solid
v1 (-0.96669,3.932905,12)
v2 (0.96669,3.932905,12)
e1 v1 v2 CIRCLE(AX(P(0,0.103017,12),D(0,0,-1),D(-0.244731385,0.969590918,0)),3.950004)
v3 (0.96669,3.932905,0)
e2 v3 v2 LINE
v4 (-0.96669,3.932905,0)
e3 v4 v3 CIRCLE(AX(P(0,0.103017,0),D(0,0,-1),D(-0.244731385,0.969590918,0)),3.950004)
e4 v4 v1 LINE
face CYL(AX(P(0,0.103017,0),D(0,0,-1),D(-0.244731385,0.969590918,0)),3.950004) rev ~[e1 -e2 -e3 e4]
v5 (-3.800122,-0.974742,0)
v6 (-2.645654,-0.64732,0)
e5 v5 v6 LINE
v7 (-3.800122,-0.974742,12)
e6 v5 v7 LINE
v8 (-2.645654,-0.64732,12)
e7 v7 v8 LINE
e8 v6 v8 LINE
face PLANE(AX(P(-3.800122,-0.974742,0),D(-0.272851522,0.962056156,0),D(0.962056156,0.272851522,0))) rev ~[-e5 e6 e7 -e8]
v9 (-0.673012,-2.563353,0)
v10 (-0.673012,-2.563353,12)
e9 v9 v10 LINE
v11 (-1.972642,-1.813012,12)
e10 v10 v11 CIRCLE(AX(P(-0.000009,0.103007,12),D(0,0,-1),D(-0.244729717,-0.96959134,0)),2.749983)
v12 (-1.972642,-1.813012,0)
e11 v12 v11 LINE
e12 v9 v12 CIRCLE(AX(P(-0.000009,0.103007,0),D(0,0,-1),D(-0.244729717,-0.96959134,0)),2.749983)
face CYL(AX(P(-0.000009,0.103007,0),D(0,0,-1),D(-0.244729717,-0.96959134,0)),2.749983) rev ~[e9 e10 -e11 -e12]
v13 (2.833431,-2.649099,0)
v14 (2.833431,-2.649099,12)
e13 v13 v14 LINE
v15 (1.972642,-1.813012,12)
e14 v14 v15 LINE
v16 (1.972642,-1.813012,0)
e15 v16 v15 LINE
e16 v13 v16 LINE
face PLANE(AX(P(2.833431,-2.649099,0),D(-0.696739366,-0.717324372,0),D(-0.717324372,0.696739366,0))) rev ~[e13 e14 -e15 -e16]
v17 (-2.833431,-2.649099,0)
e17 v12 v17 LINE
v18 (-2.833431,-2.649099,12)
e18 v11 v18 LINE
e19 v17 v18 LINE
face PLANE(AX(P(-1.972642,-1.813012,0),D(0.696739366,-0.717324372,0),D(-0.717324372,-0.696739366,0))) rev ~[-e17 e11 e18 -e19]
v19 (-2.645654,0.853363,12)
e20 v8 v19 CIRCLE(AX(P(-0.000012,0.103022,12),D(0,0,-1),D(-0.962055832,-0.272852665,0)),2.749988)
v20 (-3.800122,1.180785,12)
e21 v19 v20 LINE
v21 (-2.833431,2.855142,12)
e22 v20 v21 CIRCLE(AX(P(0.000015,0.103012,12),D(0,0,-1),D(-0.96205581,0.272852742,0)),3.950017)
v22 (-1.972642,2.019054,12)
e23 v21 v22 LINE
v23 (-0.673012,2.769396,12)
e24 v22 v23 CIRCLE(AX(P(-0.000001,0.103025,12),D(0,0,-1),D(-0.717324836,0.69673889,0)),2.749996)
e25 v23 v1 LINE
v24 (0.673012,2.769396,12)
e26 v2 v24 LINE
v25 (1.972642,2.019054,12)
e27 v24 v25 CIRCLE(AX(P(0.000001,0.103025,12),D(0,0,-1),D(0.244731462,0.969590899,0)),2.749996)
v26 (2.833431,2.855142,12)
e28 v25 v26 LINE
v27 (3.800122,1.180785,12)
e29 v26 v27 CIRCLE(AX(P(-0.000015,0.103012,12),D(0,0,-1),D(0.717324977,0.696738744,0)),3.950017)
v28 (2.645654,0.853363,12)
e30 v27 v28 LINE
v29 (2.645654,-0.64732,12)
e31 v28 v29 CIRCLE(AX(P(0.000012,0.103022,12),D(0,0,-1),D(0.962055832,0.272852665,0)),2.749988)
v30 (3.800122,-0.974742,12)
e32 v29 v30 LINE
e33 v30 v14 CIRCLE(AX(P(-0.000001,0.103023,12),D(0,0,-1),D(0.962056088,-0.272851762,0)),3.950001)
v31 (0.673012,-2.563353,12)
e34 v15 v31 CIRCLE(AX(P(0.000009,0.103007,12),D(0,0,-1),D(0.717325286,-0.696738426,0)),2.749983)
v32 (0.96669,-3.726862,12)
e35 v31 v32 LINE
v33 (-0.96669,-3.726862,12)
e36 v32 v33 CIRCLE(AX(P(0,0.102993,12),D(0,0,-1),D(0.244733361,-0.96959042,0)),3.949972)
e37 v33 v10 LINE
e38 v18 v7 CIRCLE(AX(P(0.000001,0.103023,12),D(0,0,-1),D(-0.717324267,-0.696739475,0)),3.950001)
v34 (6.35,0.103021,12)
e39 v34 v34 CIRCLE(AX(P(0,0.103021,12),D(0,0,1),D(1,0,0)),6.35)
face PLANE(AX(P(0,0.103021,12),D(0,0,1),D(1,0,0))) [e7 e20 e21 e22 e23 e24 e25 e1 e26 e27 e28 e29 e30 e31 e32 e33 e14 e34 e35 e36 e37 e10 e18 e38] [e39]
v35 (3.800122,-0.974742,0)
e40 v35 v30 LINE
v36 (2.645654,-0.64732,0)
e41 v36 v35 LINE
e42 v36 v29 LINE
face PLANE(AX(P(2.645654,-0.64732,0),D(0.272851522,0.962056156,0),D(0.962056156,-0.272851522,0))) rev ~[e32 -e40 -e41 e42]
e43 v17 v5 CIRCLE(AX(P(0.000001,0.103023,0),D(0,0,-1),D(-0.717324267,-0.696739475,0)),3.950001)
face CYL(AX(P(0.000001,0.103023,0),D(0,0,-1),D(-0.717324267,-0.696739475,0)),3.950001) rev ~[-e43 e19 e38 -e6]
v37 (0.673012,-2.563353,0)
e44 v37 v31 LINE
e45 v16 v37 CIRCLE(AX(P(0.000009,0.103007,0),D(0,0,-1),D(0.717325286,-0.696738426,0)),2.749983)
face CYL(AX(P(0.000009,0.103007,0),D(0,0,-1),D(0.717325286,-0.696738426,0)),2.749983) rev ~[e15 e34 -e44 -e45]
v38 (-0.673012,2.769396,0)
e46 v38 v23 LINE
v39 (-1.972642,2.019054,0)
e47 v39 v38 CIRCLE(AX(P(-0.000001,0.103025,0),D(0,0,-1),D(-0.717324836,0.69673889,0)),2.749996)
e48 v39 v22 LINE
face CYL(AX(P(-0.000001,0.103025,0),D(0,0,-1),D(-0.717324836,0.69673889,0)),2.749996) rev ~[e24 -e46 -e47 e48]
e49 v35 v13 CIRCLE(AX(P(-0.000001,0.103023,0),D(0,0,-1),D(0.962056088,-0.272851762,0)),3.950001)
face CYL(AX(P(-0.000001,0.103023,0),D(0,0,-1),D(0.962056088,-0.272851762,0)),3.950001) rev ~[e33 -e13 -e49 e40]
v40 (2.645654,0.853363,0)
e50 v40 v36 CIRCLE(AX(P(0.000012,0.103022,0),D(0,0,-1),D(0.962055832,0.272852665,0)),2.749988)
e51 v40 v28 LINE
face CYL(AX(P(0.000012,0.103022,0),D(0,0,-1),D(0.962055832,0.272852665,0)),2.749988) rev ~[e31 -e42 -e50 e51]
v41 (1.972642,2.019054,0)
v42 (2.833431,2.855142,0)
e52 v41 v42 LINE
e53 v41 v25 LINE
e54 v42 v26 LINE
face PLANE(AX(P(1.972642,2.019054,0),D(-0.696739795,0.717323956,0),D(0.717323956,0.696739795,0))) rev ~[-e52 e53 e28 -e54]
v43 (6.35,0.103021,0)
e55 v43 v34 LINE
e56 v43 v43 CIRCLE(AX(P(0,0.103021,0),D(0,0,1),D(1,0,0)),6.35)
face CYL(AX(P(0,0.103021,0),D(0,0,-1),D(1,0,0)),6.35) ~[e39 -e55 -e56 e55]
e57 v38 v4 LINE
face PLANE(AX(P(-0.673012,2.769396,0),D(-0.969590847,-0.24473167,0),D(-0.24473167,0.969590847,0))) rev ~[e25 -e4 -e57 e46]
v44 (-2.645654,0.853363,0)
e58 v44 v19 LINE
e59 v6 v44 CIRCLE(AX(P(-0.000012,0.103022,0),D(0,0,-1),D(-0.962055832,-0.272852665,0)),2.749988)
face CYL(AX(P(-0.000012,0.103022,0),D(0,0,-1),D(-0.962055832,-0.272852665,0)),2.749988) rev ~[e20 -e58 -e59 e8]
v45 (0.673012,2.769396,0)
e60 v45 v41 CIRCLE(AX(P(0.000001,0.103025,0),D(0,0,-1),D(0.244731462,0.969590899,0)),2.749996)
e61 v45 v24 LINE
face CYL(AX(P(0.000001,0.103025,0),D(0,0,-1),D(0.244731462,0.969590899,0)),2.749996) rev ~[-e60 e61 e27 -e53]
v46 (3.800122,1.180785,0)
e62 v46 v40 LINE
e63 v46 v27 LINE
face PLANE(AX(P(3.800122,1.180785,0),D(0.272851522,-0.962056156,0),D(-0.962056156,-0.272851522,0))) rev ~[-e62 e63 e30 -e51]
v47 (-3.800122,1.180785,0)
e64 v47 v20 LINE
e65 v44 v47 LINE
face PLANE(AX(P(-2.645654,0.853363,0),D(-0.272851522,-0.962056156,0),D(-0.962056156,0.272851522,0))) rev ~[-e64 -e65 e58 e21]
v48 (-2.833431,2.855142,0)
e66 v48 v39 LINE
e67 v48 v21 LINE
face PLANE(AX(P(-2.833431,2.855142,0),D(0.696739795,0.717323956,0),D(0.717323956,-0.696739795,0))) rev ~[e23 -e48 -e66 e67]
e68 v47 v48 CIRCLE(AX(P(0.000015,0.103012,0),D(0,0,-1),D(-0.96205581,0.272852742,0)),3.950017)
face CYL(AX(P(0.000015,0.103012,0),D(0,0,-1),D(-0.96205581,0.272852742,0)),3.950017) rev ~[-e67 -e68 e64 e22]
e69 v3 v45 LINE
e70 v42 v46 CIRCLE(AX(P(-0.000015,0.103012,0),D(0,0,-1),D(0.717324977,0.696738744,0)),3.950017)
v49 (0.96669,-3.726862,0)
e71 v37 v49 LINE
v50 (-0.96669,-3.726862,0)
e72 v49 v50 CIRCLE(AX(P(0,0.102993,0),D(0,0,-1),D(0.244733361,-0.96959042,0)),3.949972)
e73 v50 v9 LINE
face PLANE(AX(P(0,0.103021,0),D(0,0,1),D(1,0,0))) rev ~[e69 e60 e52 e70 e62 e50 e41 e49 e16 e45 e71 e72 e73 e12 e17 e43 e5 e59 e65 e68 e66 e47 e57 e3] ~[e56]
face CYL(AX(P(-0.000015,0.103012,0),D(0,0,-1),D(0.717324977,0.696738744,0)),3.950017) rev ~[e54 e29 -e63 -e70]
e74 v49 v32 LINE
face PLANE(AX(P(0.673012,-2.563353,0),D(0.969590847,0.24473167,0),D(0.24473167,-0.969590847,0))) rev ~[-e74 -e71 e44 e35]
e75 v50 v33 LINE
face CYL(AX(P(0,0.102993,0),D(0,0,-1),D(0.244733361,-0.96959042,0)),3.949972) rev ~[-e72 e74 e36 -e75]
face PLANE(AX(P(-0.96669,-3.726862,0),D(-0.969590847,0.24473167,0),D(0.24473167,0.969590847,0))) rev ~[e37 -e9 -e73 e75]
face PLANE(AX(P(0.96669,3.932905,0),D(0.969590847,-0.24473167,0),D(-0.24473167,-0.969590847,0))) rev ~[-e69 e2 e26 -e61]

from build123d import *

# Parameters (mm, degrees)
F0_R     = 6.35
F1_DEPTH = 12


with BuildPart() as f1:
    # F0 (on Top) → F1 (new body)
    with BuildSketch(Plane.XY):
        with Locations((0, 0.103021)):
            Circle(F0_R)
        with BuildLine():
            ThreePointArc((-2.645654, -0.64732), (-2.75, 0.103021), (-2.645654, 0.853363))
            Line((-2.645654, 0.853363), (-3.800122, 1.180785))
            ThreePointArc((-3.800122, 1.180785), (-3.4208, 2.078021), (-2.833431, 2.855142))
            Line((-2.833431, 2.855142), (-1.972642, 2.019054))
            ThreePointArc((-1.972642, 2.019054), (-1.375, 2.484591), (-0.673012, 2.769396))
            Line((-0.673012, 2.769396), (-0.96669, 3.932905))
            ThreePointArc((-0.96669, 3.932905), (0, 4.053021), (0.96669, 3.932905))
            Line((0.96669, 3.932905), (0.673012, 2.769396))
            ThreePointArc((0.673012, 2.769396), (1.375, 2.484591), (1.972642, 2.019054))
            Line((1.972642, 2.019054), (2.833431, 2.855142))
            ThreePointArc((2.833431, 2.855142), (3.4208, 2.078021), (3.800122, 1.180785))
            Line((3.800122, 1.180785), (2.645654, 0.853363))
            ThreePointArc((2.645654, 0.853363), (2.75, 0.103021), (2.645654, -0.64732))
            Line((2.645654, -0.64732), (3.800122, -0.974742))
            ThreePointArc((3.800122, -0.974742), (3.4208, -1.871979), (2.833431, -2.649099))
            Line((2.833431, -2.649099), (1.972642, -1.813012))
            ThreePointArc((1.972642, -1.813012), (1.375, -2.278549), (0.673012, -2.563353))
            Line((0.673012, -2.563353), (0.96669, -3.726862))
            ThreePointArc((0.96669, -3.726862), (0, -3.846979), (-0.96669, -3.726862))
            Line((-0.96669, -3.726862), (-0.673012, -2.563353))
            ThreePointArc((-0.673012, -2.563353), (-1.375, -2.278549), (-1.972642, -1.813012))
            Line((-1.972642, -1.813012), (-2.833431, -2.649099))
            ThreePointArc((-2.833431, -2.649099), (-3.4208, -1.871979), (-3.800122, -0.974742))
            Line((-3.800122, -0.974742), (-2.645654, -0.64732))
        make_face(mode=Mode.SUBTRACT)
    extrude(amount=F1_DEPTH)


solid = f1.part
